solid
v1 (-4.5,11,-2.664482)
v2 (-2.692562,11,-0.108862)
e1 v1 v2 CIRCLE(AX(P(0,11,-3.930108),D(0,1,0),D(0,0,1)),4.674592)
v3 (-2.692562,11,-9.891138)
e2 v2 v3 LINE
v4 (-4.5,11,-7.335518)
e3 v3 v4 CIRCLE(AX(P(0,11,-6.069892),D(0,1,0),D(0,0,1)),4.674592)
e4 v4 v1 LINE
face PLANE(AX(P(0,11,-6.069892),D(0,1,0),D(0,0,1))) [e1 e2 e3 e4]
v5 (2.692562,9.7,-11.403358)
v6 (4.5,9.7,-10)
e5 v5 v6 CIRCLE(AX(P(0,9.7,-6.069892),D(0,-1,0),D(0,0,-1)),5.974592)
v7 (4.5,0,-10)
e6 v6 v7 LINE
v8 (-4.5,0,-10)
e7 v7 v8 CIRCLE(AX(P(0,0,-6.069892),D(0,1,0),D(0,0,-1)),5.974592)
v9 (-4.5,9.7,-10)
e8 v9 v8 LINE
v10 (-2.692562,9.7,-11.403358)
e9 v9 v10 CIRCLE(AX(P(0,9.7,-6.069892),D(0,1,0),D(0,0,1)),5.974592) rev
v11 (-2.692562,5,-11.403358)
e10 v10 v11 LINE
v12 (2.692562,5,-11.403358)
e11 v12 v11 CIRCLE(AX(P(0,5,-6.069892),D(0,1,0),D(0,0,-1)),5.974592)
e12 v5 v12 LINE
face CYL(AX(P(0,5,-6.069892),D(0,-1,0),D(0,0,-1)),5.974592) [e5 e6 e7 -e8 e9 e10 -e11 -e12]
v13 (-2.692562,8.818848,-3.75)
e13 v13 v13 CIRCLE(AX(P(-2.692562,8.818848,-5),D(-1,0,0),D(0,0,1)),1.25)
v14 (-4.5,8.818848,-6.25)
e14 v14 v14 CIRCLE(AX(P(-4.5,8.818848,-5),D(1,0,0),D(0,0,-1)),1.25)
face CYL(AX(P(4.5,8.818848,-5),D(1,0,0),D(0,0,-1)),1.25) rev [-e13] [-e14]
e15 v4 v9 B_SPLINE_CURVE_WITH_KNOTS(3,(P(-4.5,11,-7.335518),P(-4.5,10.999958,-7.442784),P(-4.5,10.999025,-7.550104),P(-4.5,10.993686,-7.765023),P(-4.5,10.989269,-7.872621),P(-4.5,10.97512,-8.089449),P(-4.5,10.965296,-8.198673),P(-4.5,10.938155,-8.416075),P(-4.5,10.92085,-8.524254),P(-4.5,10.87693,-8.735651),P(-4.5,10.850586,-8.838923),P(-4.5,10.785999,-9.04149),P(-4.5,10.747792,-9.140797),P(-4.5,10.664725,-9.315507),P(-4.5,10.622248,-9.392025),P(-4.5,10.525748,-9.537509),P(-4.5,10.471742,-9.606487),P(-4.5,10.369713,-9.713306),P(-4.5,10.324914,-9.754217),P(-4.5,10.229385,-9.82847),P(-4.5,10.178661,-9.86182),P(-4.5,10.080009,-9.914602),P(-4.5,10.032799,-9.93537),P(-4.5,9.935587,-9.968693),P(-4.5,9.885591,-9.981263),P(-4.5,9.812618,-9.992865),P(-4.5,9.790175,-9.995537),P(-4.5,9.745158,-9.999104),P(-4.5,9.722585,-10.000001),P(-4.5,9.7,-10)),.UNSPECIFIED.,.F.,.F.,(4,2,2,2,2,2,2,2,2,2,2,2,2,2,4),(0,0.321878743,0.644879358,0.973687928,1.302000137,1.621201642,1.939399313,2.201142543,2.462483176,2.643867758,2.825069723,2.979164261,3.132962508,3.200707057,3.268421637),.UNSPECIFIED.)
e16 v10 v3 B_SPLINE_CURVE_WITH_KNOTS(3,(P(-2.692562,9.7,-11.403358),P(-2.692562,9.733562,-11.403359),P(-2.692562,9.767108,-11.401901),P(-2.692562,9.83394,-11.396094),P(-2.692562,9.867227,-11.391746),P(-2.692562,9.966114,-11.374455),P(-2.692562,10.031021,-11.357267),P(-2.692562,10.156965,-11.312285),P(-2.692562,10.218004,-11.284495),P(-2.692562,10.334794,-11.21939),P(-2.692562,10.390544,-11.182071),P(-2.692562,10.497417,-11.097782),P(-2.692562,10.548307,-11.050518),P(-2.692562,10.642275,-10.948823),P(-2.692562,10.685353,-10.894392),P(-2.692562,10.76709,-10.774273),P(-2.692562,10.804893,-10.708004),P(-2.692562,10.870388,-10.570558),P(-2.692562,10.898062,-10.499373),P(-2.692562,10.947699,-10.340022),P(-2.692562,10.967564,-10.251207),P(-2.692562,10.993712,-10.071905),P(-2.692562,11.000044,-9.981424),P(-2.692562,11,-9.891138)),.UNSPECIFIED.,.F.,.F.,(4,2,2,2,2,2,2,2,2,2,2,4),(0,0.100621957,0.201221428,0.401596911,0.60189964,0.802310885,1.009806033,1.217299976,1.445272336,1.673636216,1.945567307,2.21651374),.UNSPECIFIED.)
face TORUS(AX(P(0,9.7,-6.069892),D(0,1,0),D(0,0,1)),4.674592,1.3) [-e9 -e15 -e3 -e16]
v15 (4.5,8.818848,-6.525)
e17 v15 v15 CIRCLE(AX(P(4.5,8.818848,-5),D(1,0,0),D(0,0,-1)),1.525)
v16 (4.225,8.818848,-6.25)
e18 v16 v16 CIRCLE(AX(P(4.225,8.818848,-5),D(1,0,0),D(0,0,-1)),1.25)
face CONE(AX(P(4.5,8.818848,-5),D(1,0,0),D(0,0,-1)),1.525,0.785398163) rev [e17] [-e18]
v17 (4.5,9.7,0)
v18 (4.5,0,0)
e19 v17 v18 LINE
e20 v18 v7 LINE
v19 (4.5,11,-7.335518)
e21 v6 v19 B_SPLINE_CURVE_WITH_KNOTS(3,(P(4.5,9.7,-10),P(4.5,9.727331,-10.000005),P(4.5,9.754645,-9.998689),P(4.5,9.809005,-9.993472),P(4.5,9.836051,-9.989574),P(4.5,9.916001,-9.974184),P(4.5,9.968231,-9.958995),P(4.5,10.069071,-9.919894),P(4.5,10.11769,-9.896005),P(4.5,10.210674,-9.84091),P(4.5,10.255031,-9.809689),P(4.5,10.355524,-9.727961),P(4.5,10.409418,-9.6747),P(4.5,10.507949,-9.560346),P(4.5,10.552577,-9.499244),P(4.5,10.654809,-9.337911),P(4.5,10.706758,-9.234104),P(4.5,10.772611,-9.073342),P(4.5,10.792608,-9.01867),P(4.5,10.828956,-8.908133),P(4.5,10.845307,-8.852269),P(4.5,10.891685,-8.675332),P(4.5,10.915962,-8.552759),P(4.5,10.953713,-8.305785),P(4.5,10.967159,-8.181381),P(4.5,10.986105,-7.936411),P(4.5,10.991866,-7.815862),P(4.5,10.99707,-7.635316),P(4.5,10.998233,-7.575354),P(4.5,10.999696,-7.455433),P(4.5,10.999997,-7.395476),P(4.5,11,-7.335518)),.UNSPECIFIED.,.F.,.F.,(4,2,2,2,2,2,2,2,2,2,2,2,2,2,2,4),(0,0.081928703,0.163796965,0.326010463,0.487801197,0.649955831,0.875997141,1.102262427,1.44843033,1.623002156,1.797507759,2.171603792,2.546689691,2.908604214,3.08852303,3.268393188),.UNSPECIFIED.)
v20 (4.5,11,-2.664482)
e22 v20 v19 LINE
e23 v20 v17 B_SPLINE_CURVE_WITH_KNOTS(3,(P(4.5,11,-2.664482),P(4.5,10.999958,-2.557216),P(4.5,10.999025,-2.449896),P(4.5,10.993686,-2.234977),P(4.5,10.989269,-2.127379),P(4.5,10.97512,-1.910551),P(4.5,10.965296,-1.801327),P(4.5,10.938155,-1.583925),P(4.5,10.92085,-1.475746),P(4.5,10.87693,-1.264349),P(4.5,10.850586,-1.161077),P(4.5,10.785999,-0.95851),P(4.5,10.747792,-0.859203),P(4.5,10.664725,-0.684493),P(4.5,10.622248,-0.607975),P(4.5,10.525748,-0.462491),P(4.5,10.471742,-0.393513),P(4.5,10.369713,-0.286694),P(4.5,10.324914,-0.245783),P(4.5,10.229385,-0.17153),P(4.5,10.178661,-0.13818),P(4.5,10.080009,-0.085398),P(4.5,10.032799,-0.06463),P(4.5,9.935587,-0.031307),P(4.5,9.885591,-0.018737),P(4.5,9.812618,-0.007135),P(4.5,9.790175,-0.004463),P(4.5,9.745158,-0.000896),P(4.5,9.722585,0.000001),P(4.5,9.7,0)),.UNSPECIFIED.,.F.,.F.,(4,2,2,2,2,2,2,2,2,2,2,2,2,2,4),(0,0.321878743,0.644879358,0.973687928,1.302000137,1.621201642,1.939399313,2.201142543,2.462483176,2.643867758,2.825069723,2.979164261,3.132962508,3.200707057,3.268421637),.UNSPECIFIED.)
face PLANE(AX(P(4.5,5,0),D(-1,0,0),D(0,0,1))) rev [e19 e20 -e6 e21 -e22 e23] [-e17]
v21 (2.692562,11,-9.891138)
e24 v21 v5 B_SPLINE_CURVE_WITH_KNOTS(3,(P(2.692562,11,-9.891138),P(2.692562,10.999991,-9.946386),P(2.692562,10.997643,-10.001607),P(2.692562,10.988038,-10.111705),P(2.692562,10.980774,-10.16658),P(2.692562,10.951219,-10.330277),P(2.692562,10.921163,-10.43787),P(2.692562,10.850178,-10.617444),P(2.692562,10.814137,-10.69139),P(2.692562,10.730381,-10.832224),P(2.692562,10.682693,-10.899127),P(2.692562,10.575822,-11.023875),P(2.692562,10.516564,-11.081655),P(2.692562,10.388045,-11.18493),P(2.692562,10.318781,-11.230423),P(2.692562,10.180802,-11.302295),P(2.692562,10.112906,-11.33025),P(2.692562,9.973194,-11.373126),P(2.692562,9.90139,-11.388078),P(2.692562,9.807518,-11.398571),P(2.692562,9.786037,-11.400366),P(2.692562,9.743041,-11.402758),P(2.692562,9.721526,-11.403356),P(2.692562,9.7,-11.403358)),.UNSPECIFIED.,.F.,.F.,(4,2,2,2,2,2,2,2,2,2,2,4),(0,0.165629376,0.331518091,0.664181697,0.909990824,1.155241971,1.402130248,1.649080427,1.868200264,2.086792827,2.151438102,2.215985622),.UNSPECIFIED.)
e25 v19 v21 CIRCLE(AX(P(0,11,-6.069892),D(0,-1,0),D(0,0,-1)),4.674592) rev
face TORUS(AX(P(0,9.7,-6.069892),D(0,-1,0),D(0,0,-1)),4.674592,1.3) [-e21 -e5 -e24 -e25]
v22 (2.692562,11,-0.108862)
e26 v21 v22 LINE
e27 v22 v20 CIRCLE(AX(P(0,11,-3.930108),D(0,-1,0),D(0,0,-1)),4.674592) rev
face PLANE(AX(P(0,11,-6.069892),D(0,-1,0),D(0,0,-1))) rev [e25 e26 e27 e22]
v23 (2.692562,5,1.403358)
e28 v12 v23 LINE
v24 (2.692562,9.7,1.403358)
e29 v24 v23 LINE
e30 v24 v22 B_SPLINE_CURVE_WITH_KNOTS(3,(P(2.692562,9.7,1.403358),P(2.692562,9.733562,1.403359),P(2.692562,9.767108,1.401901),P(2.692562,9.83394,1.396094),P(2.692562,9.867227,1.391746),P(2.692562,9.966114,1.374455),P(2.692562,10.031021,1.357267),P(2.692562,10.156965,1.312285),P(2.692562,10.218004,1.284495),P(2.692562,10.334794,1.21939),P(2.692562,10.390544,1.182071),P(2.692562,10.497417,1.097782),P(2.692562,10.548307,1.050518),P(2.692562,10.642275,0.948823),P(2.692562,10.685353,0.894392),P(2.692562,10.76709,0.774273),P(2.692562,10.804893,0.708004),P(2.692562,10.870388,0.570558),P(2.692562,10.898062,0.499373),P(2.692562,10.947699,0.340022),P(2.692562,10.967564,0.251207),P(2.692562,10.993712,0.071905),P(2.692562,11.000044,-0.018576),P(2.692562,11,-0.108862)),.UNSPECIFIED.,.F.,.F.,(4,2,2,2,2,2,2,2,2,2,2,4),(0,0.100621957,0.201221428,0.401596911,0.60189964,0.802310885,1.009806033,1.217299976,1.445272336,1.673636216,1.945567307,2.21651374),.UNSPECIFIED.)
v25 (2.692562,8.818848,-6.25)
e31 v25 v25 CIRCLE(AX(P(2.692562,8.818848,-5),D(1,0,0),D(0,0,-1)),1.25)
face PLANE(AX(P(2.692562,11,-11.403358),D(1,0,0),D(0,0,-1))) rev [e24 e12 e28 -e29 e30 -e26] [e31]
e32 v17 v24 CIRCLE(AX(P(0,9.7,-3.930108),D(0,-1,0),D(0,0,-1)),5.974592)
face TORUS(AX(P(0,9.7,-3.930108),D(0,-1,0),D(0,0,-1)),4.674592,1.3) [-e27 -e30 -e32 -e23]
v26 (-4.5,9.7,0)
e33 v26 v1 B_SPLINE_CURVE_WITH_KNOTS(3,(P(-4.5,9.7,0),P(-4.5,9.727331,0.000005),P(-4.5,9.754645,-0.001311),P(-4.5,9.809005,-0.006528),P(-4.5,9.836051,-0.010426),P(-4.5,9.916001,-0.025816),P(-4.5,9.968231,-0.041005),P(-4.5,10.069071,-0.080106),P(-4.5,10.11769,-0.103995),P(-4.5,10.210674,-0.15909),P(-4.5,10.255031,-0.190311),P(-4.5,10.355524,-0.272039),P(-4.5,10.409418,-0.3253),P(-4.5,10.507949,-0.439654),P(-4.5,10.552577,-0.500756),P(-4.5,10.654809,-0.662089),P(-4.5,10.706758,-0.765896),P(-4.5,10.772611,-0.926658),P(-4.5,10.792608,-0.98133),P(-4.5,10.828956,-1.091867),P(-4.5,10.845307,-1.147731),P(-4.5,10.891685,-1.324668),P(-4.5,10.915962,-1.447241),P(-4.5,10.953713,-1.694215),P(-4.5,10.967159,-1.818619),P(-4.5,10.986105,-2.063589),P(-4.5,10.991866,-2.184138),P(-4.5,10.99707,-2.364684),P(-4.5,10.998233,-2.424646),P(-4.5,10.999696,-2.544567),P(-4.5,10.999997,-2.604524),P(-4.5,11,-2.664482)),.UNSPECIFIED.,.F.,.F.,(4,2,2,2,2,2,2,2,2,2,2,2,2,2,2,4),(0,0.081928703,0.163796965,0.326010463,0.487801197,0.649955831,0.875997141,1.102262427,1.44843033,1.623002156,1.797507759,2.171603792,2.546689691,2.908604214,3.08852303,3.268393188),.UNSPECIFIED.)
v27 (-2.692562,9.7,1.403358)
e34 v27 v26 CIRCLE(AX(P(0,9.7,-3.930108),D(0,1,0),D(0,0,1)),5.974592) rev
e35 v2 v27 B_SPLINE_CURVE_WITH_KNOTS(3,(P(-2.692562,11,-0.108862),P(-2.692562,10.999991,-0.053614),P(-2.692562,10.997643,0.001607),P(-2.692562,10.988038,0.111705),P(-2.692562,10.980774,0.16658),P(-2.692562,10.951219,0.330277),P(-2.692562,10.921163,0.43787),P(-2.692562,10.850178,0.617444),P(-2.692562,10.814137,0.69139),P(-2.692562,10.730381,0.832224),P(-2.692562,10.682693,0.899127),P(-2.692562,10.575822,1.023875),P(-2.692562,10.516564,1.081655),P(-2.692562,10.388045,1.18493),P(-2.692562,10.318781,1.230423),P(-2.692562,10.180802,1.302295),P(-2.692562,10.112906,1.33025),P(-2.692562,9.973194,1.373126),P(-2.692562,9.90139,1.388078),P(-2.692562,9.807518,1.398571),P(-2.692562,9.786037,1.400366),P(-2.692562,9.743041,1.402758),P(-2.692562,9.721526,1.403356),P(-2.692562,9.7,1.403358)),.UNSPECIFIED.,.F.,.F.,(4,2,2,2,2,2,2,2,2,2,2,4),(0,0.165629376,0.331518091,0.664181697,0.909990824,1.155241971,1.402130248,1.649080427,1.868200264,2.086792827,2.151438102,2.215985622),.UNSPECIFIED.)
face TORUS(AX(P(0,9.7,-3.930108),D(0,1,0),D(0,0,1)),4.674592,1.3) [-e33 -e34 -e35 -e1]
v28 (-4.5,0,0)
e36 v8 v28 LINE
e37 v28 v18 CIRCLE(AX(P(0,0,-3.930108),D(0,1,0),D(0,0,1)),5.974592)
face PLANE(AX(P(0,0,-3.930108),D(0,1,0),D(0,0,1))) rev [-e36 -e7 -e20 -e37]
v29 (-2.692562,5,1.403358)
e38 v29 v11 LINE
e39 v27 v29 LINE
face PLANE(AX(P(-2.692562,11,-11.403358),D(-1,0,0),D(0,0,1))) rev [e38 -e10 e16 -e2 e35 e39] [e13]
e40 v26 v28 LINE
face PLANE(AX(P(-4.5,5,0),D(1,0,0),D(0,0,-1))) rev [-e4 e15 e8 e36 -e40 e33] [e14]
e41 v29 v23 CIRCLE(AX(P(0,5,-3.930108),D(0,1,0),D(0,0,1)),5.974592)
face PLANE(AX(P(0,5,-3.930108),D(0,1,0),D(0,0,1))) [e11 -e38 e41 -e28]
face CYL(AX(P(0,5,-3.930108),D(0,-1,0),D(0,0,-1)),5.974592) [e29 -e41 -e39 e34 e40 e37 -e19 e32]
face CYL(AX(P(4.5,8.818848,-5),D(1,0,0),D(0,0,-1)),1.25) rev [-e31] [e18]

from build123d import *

# Parameters (mm, degrees)
BOSS_EXTRUDE1_DEPTH         = 5
BOSS_EXTRUDE2_DEPTH         = 6
FILLET1_R                   = 1.3
M3_TAPPED_HOLE1_D           = 2.5
M3_TAPPED_HOLE1_CSINK_D     = 3.05
M3_TAPPED_HOLE1_CSINK_ANGLE = 90


with BuildPart() as part:
    # Sketch1 → Boss-Extrude1 (new body)
    with BuildSketch(Plane(origin=(0, 0, 0), x_dir=(1, 0, 0), z_dir=(0, 1, 0))):
        with BuildLine():
            Line((-4.5, 0), (-4.5, 10))
            ThreePointArc((-4.5, 10), (0, 12.044483976), (4.5, 10))
            Line((4.5, 10), (4.5, 0))
            ThreePointArc((4.5, 0), (0, -2.044483976), (-4.5, 0))
        make_face()
    extrude(amount=BOSS_EXTRUDE1_DEPTH)

    # Sketch2 → Boss-Extrude2 (add)
    with BuildSketch(Plane(origin=(0, 5, 0), x_dir=(1, 0, 0), z_dir=(0, 1, 0))):
        with BuildLine():
            Line((-2.692561773, 11.403358064), (-2.692561773, -1.403358064))
            ThreePointArc((-2.692561773, -1.403358064), (-3.66409466, -0.78901897), (-4.5, 0))
            Line((-4.5, 0), (-4.5, 10))
            ThreePointArc((-4.5, 10), (-3.66409466, 10.78901897), (-2.692561773, 11.403358064))
        make_face()
        with BuildLine():
            Line((4.5, 10), (4.5, 0))
            ThreePointArc((4.5, 0), (3.66409466, -0.78901897), (2.692561773, -1.403358064))
            Line((2.692561773, -1.403358064), (2.692561773, 11.403358064))
            ThreePointArc((2.692561773, 11.403358064), (3.66409466, 10.78901897), (4.5, 10))
        make_face()
    extrude(amount=BOSS_EXTRUDE2_DEPTH)

    # Fillet1
    fillet1_edges = [part.edges().sort_by_distance(p)[0] for p in [
        (-3.66409466, 11, -10.78901897),
        (-3.66409466, 11, 0.78901897),
        (3.66409466, 11, -10.78901897),
        (3.66409466, 11, 0.78901897),
    ]]
    fillet(fillet1_edges, radius=FILLET1_R)

    # M3 Tapped Hole1 (through all)
    with Locations(Plane(origin=(4.5, 0, 0), x_dir=(0, 0, -1), z_dir=(1, 0, 0))):
        with Locations((5, 8.818847832)):
            CounterSinkHole(M3_TAPPED_HOLE1_D / 2, M3_TAPPED_HOLE1_CSINK_D / 2, counter_sink_angle=M3_TAPPED_HOLE1_CSINK_ANGLE)


solid = part.part
